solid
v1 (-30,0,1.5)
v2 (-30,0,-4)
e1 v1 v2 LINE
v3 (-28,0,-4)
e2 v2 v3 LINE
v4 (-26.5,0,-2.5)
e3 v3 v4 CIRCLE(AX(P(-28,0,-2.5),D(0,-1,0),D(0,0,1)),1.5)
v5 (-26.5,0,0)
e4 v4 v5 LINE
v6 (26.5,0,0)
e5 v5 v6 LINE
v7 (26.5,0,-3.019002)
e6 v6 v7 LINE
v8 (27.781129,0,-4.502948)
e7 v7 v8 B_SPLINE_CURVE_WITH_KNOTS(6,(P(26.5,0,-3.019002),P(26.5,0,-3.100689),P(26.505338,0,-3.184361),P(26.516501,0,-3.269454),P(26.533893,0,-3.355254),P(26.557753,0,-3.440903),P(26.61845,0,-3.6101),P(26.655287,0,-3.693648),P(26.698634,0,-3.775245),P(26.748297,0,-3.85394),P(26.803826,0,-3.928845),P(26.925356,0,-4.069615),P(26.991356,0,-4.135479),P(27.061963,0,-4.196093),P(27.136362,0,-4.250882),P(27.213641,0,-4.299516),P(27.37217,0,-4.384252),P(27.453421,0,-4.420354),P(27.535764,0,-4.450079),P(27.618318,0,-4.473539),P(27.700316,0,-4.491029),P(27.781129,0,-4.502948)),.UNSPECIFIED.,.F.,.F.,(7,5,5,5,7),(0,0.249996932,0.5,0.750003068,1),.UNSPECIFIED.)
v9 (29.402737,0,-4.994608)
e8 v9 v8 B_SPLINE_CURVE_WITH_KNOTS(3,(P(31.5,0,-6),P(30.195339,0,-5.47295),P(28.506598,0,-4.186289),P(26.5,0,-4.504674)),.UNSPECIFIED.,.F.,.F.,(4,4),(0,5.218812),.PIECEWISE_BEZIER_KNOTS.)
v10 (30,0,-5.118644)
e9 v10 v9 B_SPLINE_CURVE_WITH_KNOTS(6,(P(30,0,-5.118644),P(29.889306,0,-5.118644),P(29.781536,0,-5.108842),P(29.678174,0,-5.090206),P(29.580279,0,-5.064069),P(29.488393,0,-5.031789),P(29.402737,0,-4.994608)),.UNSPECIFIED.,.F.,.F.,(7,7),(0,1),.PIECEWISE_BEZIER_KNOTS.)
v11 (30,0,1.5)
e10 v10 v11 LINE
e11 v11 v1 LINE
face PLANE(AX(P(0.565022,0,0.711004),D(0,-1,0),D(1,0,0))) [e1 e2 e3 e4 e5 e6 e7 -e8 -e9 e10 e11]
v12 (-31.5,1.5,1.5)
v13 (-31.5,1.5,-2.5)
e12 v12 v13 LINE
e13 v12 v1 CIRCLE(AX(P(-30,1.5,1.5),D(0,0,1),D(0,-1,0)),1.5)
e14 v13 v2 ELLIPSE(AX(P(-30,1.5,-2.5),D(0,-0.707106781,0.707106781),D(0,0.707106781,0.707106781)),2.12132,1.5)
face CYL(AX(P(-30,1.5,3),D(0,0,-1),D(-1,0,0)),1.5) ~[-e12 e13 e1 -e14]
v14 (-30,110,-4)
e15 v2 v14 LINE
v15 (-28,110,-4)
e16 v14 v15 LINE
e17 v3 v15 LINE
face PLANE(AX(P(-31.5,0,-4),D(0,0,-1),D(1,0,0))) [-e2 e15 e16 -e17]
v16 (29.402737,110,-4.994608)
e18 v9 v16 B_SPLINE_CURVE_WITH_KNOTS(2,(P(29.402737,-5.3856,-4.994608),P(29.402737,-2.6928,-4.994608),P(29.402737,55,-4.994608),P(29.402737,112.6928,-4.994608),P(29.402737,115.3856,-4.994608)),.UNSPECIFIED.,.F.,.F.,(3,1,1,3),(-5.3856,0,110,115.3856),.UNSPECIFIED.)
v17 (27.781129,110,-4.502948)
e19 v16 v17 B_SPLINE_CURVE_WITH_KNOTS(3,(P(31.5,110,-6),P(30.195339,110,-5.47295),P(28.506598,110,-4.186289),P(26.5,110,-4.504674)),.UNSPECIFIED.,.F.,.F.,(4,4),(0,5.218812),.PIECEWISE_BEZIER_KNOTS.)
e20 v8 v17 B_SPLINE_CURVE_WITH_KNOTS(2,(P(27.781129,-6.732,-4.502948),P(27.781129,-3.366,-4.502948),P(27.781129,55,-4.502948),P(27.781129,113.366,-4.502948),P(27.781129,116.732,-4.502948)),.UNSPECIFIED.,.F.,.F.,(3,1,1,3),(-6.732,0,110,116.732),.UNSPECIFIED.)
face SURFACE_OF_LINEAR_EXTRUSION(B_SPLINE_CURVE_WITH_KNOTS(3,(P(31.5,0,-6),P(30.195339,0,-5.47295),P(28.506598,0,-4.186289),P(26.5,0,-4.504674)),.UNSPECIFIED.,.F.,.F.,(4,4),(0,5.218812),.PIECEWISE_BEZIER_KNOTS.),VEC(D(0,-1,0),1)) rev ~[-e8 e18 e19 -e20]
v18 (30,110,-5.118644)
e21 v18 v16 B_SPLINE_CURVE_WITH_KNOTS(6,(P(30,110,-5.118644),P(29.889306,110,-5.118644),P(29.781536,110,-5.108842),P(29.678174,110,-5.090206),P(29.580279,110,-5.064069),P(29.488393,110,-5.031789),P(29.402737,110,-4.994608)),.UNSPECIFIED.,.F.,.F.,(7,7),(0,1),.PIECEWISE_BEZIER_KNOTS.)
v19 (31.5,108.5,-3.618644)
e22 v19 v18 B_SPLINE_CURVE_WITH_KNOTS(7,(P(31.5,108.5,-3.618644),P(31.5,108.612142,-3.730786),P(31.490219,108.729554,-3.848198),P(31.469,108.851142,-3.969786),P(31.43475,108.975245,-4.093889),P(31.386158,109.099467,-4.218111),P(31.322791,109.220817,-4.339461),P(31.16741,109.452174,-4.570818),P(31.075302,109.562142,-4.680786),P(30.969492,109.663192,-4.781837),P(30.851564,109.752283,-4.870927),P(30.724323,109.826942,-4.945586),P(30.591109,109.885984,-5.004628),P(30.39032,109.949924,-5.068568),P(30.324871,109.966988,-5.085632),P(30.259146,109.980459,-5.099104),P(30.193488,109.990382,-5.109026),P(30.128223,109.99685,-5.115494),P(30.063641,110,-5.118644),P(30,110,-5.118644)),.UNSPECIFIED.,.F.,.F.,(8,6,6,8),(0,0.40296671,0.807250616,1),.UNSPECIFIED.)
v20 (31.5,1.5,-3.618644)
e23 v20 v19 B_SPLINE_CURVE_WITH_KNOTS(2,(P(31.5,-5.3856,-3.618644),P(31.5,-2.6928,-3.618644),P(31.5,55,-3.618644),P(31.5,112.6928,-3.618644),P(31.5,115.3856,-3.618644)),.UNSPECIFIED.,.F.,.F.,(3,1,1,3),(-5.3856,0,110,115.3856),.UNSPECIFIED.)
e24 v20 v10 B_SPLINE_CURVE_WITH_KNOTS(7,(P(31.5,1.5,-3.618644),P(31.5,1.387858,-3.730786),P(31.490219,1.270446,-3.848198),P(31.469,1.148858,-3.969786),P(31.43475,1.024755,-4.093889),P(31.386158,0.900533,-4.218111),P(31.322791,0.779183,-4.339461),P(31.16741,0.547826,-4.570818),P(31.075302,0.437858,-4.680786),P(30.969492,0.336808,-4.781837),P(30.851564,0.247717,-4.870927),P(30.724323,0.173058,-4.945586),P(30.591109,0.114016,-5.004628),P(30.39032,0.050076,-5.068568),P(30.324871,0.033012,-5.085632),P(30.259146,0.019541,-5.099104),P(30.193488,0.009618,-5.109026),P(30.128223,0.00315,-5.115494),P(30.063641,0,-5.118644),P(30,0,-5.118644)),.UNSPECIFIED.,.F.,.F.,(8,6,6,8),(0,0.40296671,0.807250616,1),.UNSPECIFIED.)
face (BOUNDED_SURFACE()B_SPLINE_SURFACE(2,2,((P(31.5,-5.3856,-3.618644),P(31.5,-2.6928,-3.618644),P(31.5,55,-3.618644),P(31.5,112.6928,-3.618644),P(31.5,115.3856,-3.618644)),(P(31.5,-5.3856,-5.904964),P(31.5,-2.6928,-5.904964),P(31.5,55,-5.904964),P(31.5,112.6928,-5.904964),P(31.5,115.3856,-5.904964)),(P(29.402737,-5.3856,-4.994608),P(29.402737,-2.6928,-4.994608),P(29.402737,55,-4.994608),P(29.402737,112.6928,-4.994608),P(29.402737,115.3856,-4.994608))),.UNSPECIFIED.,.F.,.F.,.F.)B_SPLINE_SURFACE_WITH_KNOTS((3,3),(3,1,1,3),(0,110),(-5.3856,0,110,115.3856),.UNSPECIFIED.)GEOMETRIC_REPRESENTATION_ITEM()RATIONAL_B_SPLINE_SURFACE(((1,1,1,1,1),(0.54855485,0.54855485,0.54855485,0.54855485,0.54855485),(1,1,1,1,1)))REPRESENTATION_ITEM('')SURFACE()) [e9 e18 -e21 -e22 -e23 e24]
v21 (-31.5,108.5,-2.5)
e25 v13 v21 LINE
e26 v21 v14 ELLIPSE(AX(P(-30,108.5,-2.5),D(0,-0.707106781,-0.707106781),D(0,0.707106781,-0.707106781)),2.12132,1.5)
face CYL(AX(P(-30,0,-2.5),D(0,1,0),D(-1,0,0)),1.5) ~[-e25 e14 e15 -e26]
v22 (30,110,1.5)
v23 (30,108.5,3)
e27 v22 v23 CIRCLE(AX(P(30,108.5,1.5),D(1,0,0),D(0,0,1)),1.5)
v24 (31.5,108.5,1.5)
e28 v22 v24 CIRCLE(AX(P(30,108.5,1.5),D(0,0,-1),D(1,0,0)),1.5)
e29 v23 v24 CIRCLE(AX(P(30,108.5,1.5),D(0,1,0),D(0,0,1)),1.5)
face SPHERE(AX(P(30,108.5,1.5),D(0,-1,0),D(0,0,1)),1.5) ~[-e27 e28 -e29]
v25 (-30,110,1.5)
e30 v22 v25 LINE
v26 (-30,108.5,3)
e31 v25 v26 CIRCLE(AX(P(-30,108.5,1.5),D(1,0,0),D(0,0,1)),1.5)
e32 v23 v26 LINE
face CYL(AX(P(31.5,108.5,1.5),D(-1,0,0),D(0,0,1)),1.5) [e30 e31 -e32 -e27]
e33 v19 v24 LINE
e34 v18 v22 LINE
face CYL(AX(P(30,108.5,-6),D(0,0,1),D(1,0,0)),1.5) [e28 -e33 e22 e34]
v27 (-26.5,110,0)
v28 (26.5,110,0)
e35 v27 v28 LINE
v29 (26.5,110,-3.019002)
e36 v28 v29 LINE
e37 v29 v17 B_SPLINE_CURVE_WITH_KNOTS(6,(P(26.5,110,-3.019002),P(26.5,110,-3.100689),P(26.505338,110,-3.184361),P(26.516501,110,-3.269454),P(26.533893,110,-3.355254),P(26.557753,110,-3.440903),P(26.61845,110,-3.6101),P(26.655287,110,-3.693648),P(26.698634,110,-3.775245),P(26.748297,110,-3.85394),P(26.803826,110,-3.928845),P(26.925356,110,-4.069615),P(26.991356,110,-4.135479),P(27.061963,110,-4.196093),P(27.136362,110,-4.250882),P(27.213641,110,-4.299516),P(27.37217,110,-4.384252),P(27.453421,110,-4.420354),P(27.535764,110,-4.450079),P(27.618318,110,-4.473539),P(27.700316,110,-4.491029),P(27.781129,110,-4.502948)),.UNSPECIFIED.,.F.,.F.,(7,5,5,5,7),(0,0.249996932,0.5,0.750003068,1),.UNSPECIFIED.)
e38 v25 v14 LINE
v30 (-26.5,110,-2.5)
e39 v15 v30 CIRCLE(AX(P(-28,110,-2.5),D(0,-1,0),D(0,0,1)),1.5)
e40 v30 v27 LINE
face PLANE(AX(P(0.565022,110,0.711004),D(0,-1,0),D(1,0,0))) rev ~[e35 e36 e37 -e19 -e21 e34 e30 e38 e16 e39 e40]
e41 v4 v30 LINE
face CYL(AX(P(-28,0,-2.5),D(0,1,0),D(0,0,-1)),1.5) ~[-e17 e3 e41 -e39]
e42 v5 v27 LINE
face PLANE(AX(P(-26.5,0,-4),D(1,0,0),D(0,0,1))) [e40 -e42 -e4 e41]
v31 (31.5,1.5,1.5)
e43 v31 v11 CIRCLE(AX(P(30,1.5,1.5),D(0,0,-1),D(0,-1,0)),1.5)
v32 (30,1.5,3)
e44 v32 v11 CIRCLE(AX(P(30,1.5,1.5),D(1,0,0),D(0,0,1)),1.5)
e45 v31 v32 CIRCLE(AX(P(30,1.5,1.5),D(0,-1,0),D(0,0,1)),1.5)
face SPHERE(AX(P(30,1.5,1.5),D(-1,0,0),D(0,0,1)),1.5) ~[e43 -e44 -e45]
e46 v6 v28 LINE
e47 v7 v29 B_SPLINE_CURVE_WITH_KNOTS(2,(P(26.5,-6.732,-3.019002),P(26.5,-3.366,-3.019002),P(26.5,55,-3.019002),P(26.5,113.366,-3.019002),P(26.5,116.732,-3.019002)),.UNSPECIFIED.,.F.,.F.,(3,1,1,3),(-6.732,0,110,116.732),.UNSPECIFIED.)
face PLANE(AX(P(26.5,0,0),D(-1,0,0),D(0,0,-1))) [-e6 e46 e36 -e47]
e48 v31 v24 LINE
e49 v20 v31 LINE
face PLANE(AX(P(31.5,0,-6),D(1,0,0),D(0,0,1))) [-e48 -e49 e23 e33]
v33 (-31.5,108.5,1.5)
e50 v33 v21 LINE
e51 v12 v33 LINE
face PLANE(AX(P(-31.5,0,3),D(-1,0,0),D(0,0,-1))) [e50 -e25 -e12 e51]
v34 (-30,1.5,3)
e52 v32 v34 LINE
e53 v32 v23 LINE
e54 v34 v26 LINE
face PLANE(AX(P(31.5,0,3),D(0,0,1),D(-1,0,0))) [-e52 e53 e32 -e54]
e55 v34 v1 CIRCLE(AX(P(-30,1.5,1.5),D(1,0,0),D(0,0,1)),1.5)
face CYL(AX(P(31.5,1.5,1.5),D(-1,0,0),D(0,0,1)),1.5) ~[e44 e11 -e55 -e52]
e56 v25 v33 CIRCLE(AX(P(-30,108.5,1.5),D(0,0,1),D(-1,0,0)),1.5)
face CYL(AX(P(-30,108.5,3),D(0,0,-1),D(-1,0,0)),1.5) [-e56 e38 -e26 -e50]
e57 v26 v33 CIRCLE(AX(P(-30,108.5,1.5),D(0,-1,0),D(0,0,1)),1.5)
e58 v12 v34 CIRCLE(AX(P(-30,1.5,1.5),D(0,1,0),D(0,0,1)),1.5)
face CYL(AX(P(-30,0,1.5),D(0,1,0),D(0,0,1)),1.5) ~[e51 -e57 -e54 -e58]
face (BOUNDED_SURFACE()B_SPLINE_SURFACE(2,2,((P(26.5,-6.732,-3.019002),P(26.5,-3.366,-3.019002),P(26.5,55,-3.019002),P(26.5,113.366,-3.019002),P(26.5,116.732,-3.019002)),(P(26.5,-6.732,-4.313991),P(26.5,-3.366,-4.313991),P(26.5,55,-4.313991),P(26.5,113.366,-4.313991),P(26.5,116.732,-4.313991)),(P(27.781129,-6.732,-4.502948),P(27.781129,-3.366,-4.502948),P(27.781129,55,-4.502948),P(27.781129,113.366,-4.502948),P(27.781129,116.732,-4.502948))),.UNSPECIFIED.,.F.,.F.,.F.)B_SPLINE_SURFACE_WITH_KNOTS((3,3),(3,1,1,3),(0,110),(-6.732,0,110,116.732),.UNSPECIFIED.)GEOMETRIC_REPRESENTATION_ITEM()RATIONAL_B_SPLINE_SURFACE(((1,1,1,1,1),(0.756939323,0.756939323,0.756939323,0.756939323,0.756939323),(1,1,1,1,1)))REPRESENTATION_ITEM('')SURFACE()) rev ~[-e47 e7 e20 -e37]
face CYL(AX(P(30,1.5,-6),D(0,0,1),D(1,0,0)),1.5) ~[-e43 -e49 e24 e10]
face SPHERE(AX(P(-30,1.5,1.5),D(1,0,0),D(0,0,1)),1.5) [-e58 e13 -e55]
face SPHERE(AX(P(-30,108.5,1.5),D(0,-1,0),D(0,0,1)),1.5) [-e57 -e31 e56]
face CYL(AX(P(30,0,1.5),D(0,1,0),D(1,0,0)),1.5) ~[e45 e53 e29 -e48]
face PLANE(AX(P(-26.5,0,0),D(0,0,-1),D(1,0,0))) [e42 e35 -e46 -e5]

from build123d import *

# Parameters (mm, degrees)
F1_DEPTH = 110
F2_R     = 1.5


with BuildPart() as f1:
    # F0 (on Front) → F1 (new body)
    with BuildSketch(Plane.XZ):
        with BuildLine():
            Line((31.5, -6), (31.5, 3))
            Line((31.5, 3), (-31.5, 3))
            Line((-31.5, 3), (-31.5, -4))
            Line((-31.5, -4), (-26.5, -4))
            Line((-26.5, -4), (-26.5, 0))
            Line((-26.5, 0), (26.5, 0))
            Line((26.5, 0), (26.5, -4.504674))
            add(Edge.make_bspline(
                [(31.5, -6), (30.195339, -5.47295), (28.506598, -4.186289), (26.5, -4.504674)],
                knots=[0, 0, 0, 0, 5.218812, 5.218812, 5.218812, 5.218812], degree=3))
        make_face()
    extrude(amount=-F1_DEPTH)

    # F2
    f2_edges = [f1.edges().sort_by_distance(p)[0] for p in [
        (0, 0, 3),
        (31.5, 55, 3),
        (-31.5, 55, 3),
        (0, 110, 3),
        (-31.5, 55, -4),
        (-26.5, 55, -4),
        (26.5, 55, -4.504674),
        (31.5, 55, -6),
        (-31.5, 110, -0.5),
        (31.5, 110, -1.5),
        (-31.5, 0, -0.5),
        (31.5, 0, -1.5),
    ]]
    fillet(f2_edges, radius=F2_R)


solid = f1.part
